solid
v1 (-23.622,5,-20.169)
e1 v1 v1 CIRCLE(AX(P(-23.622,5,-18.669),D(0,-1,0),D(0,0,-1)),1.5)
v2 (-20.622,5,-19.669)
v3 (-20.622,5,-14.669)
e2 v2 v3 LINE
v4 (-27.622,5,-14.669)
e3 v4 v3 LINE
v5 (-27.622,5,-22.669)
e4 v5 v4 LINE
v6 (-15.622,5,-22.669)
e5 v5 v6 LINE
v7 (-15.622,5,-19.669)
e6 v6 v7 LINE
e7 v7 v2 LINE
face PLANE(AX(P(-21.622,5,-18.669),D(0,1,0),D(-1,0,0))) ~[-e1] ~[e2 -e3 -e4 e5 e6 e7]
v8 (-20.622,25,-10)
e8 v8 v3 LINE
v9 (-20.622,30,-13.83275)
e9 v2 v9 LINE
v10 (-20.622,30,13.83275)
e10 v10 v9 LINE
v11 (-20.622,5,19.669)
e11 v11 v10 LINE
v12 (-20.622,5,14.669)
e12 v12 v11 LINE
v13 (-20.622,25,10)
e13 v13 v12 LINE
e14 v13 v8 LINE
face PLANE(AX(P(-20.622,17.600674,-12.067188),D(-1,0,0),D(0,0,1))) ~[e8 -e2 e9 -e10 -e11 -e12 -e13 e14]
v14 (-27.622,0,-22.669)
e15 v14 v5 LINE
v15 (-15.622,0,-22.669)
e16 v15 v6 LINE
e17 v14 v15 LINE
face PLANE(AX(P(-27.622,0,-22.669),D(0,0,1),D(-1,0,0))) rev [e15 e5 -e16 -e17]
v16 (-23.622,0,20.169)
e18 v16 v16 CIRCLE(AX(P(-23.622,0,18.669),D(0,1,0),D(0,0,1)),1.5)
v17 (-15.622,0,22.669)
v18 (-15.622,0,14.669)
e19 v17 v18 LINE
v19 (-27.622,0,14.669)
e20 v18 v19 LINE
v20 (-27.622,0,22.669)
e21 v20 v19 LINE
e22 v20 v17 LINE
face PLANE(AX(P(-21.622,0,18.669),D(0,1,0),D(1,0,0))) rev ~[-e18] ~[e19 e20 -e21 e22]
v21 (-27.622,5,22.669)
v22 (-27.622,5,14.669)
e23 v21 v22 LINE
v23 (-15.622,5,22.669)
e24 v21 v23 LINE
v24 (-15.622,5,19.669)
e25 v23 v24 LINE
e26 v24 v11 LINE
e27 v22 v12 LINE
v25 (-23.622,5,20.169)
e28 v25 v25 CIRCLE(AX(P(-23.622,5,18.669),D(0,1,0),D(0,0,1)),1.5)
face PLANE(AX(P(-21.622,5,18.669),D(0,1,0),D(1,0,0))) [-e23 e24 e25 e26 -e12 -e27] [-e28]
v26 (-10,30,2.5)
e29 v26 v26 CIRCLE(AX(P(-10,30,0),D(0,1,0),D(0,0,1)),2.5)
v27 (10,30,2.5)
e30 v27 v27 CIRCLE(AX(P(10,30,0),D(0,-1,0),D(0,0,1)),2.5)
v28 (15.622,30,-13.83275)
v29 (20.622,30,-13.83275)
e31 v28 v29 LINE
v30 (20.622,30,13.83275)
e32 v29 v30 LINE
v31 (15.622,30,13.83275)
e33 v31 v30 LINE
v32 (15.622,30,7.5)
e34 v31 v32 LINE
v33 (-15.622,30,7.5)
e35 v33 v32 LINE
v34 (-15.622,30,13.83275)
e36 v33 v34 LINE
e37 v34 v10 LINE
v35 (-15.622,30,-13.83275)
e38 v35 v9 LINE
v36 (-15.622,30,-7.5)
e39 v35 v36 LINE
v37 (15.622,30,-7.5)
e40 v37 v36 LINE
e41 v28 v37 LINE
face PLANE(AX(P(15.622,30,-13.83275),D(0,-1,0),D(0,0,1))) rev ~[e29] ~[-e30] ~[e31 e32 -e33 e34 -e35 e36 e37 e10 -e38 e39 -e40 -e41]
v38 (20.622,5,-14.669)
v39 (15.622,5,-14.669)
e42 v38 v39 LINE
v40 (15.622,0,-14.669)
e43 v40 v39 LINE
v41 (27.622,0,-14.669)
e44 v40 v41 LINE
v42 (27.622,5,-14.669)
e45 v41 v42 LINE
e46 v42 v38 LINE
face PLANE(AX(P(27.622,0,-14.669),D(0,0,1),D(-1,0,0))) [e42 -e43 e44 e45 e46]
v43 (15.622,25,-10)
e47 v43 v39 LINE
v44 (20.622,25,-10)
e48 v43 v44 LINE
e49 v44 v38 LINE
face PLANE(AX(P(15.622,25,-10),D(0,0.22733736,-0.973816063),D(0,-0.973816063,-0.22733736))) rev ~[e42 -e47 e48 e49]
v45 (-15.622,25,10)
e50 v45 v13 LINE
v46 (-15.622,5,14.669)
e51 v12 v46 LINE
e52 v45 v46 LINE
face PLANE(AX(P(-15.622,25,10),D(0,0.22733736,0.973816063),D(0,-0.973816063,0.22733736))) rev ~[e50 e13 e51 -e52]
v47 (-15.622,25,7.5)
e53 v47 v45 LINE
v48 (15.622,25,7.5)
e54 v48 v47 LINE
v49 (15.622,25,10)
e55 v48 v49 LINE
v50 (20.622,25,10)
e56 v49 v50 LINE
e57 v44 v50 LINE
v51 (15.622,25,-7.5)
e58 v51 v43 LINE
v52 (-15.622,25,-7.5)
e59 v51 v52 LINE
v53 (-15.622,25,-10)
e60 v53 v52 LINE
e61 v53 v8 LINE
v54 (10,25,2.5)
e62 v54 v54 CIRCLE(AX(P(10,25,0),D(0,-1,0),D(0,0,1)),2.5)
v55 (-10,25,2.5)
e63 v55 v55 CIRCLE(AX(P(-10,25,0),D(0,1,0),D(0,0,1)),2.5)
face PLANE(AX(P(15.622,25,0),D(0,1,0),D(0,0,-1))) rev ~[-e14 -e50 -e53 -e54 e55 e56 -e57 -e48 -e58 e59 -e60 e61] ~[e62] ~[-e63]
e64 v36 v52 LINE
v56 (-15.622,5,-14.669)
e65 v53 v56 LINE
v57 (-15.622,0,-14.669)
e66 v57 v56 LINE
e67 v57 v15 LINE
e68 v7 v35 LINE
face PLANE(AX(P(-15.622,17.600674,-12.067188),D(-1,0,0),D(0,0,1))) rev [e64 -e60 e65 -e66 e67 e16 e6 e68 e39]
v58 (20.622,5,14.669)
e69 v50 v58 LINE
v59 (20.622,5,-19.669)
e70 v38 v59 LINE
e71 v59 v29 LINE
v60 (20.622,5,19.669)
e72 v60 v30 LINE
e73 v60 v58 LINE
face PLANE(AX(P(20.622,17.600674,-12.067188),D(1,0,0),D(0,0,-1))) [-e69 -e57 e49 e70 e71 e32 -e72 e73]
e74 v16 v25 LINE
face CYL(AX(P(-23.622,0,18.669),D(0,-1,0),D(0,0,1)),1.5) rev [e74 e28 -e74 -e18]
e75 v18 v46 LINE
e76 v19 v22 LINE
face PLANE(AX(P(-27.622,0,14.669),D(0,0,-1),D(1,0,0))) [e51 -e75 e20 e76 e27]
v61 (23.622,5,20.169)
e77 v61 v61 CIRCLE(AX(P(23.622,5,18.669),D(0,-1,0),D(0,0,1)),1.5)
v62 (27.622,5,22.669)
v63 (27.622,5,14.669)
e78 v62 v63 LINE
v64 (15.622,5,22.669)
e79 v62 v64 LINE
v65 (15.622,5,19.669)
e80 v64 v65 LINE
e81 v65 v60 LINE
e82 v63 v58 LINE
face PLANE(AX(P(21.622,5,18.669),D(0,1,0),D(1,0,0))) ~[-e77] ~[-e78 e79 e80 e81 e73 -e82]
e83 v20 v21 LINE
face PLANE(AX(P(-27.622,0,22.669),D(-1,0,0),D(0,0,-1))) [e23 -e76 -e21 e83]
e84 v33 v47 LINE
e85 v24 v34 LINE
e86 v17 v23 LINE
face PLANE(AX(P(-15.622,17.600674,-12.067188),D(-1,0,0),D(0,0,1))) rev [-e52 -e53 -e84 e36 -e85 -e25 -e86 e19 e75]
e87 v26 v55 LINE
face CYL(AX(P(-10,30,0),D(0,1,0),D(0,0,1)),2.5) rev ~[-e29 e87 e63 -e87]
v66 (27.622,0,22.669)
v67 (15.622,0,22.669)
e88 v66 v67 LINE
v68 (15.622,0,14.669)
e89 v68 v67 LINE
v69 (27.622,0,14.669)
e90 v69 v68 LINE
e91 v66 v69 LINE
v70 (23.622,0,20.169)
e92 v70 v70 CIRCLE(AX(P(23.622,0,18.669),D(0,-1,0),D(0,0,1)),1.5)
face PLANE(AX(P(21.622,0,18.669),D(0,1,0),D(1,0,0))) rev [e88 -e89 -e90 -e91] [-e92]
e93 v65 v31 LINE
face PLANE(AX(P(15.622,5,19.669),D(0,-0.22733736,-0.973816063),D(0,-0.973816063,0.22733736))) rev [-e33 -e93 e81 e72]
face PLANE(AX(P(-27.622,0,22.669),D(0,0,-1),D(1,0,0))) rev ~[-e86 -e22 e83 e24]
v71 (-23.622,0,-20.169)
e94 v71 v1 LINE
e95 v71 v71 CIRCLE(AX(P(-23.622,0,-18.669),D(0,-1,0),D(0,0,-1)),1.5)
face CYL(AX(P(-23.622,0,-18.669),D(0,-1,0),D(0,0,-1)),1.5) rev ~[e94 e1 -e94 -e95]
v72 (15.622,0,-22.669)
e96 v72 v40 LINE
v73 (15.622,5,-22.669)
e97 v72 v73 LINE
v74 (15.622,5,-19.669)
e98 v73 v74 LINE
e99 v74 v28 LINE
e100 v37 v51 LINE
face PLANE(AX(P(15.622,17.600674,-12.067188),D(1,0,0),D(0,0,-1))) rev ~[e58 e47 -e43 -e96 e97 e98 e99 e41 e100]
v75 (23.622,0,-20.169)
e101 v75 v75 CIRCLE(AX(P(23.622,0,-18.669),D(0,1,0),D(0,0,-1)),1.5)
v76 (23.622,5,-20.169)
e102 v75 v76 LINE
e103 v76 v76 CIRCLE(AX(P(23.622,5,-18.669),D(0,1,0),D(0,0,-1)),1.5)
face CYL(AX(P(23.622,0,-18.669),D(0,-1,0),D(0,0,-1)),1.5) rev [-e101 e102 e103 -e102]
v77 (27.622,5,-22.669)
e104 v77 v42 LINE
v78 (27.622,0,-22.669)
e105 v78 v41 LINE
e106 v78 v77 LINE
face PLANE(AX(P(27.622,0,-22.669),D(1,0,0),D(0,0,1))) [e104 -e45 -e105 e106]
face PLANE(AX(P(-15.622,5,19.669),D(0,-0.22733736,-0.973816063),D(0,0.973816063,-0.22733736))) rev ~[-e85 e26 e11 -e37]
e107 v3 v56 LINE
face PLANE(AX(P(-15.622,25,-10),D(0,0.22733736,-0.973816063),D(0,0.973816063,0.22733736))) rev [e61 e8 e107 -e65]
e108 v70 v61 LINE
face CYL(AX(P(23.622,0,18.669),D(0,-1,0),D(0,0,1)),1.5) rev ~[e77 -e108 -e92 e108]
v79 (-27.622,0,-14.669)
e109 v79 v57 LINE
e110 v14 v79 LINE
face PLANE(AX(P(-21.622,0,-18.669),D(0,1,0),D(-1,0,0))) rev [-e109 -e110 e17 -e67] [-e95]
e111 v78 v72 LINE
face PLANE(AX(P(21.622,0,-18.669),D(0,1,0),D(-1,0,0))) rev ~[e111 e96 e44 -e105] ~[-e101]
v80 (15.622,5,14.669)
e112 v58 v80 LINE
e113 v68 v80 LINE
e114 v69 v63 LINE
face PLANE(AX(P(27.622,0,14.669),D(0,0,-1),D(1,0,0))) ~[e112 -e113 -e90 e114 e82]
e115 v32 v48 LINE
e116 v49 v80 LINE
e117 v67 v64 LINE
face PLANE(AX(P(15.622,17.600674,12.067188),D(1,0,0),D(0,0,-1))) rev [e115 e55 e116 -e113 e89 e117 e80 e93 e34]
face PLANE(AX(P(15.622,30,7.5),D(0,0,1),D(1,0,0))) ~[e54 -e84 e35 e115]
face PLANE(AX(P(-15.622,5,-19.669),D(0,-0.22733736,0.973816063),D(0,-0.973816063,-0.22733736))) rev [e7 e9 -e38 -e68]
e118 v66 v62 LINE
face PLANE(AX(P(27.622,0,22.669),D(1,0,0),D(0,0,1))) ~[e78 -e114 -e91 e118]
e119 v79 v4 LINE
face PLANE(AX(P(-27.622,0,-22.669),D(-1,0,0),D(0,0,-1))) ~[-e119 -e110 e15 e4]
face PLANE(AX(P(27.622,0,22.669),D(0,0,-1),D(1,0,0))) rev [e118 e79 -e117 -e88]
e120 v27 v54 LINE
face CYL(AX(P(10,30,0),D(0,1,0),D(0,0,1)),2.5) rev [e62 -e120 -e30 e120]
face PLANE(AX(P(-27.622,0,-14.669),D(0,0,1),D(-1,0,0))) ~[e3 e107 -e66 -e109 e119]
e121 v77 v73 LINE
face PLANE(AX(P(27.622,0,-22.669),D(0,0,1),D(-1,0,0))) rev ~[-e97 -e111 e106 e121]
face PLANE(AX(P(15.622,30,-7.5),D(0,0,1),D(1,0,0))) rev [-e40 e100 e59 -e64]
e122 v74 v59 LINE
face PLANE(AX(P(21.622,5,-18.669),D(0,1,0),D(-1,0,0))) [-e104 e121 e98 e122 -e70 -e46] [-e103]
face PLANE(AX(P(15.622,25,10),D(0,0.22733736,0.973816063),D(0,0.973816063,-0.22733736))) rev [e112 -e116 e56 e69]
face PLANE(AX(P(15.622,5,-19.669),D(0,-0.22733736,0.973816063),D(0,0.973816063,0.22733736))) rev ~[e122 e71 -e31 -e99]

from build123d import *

# Parameters (mm, degrees)
SKETCH_1_W               = 12
SKETCH_1_H               = 8
SKETCH_1_R               = 1.5
EXTRUDE_1_DEPTH          = 5
EXTRUDE_2_DEPTH          = 5
SKETCH_3_W               = 15.622
SKETCH_3_H               = 15
SKETCH_3_R               = 2.5
EXTRUDE_3_DEPTH          = 5
MIRROR_5_COPY_1_SKETCH_W = 12
MIRROR_5_COPY_1_SKETCH_H = 8
MIRROR_5_COPY_1_SKETCH_R = 1.5
MIRROR_5_COPY_1_DEPTH    = 5
MIRROR_5_COPY_2_DEPTH    = 5


with BuildPart() as part:
    # 草图1 → 凸台-拉伸1 (new body)
    with BuildSketch(Plane(origin=(0, 0, 0), x_dir=(1, 0, 0), z_dir=(0, 1, 0))):
        with Locations((-21.622, -18.669)):
            Rectangle(SKETCH_1_W, SKETCH_1_H)
        with Locations(Location((-23.622, -18.669, 0), (0, 0, 270))):
            Circle(SKETCH_1_R, mode=Mode.SUBTRACT)
    extrude_1 = extrude(amount=EXTRUDE_1_DEPTH)

    # 草图2 → 凸台-拉伸2 (add)
    with BuildSketch(Plane(origin=(-15.622, 0, 0), x_dir=(0, 0, -1), z_dir=(1, 0, 0))):
        Polygon((-10, 25), (-14.669, 5), (-14.669, 0), (-19.669, 0), (-19.669, 5), (-13.83275, 30), (0, 30), (0, 25), align=None)
    extrude_2 = extrude(amount=-EXTRUDE_2_DEPTH)

    # 镜向4: 凸台-拉伸1, 凸台-拉伸2 across plane
    add(extrude_1.mirror(Plane.XY))
    add(extrude_2.mirror(Plane.XY))

    # 草图3 → 凸台-拉伸3 (add)
    with BuildSketch(Plane(origin=(0, 30, 0), x_dir=(1, 0, 0), z_dir=(0, 1, 0))):
        with Locations((-7.811, 0)):
            Rectangle(SKETCH_3_W, SKETCH_3_H)
        with Locations(Location((-10, 0, 0), (0, 0, 270))):
            Circle(SKETCH_3_R, mode=Mode.SUBTRACT)
    extrude_3 = extrude(amount=-EXTRUDE_3_DEPTH)

    # 镜向5: 凸台-拉伸1, 凸台-拉伸2, 凸台-拉伸3 across plane
    add(extrude_1.mirror(Plane(origin=(0, 0, 0), x_dir=(0, 0, 1), z_dir=(1, 0, 0))))
    add(extrude_2.mirror(Plane(origin=(0, 0, 0), x_dir=(0, 0, 1), z_dir=(1, 0, 0))))
    add(extrude_3.mirror(Plane(origin=(0, 0, 0), x_dir=(0, 0, 1), z_dir=(1, 0, 0))))



with BuildPart() as body_2:
    # 镜向5 copy 1 sketch → 镜向5 copy 1 (new body)
    with BuildSketch(Plane(origin=(0, 0, 0), x_dir=(-1, 0, 0), z_dir=(0, 1, 0))):
        with Locations((-21.622, -18.669)):
            Rectangle(MIRROR_5_COPY_1_SKETCH_W, MIRROR_5_COPY_1_SKETCH_H)
        with Locations(Location((-23.622, -18.669, 0), (0, 0, 270))):
            Circle(MIRROR_5_COPY_1_SKETCH_R, mode=Mode.SUBTRACT)
    extrude(amount=MIRROR_5_COPY_1_DEPTH)


with BuildPart() as part_1:
    add(part.part)

    add(body_2.part)  # 镜向5 copy 2 merges body 2
    # 镜向5 copy 2 sketch → 镜向5 copy 2 (add)
    with BuildSketch(Plane.ZY.offset(-15.622)):
        Polygon((-10, 25), (-14.669, 5), (-14.669, 0), (-19.669, 0), (-19.669, 5), (-13.83275, 30), (0, 30), (0, 25), align=None)
    extrude(amount=-MIRROR_5_COPY_2_DEPTH)


solid = part_1.part
